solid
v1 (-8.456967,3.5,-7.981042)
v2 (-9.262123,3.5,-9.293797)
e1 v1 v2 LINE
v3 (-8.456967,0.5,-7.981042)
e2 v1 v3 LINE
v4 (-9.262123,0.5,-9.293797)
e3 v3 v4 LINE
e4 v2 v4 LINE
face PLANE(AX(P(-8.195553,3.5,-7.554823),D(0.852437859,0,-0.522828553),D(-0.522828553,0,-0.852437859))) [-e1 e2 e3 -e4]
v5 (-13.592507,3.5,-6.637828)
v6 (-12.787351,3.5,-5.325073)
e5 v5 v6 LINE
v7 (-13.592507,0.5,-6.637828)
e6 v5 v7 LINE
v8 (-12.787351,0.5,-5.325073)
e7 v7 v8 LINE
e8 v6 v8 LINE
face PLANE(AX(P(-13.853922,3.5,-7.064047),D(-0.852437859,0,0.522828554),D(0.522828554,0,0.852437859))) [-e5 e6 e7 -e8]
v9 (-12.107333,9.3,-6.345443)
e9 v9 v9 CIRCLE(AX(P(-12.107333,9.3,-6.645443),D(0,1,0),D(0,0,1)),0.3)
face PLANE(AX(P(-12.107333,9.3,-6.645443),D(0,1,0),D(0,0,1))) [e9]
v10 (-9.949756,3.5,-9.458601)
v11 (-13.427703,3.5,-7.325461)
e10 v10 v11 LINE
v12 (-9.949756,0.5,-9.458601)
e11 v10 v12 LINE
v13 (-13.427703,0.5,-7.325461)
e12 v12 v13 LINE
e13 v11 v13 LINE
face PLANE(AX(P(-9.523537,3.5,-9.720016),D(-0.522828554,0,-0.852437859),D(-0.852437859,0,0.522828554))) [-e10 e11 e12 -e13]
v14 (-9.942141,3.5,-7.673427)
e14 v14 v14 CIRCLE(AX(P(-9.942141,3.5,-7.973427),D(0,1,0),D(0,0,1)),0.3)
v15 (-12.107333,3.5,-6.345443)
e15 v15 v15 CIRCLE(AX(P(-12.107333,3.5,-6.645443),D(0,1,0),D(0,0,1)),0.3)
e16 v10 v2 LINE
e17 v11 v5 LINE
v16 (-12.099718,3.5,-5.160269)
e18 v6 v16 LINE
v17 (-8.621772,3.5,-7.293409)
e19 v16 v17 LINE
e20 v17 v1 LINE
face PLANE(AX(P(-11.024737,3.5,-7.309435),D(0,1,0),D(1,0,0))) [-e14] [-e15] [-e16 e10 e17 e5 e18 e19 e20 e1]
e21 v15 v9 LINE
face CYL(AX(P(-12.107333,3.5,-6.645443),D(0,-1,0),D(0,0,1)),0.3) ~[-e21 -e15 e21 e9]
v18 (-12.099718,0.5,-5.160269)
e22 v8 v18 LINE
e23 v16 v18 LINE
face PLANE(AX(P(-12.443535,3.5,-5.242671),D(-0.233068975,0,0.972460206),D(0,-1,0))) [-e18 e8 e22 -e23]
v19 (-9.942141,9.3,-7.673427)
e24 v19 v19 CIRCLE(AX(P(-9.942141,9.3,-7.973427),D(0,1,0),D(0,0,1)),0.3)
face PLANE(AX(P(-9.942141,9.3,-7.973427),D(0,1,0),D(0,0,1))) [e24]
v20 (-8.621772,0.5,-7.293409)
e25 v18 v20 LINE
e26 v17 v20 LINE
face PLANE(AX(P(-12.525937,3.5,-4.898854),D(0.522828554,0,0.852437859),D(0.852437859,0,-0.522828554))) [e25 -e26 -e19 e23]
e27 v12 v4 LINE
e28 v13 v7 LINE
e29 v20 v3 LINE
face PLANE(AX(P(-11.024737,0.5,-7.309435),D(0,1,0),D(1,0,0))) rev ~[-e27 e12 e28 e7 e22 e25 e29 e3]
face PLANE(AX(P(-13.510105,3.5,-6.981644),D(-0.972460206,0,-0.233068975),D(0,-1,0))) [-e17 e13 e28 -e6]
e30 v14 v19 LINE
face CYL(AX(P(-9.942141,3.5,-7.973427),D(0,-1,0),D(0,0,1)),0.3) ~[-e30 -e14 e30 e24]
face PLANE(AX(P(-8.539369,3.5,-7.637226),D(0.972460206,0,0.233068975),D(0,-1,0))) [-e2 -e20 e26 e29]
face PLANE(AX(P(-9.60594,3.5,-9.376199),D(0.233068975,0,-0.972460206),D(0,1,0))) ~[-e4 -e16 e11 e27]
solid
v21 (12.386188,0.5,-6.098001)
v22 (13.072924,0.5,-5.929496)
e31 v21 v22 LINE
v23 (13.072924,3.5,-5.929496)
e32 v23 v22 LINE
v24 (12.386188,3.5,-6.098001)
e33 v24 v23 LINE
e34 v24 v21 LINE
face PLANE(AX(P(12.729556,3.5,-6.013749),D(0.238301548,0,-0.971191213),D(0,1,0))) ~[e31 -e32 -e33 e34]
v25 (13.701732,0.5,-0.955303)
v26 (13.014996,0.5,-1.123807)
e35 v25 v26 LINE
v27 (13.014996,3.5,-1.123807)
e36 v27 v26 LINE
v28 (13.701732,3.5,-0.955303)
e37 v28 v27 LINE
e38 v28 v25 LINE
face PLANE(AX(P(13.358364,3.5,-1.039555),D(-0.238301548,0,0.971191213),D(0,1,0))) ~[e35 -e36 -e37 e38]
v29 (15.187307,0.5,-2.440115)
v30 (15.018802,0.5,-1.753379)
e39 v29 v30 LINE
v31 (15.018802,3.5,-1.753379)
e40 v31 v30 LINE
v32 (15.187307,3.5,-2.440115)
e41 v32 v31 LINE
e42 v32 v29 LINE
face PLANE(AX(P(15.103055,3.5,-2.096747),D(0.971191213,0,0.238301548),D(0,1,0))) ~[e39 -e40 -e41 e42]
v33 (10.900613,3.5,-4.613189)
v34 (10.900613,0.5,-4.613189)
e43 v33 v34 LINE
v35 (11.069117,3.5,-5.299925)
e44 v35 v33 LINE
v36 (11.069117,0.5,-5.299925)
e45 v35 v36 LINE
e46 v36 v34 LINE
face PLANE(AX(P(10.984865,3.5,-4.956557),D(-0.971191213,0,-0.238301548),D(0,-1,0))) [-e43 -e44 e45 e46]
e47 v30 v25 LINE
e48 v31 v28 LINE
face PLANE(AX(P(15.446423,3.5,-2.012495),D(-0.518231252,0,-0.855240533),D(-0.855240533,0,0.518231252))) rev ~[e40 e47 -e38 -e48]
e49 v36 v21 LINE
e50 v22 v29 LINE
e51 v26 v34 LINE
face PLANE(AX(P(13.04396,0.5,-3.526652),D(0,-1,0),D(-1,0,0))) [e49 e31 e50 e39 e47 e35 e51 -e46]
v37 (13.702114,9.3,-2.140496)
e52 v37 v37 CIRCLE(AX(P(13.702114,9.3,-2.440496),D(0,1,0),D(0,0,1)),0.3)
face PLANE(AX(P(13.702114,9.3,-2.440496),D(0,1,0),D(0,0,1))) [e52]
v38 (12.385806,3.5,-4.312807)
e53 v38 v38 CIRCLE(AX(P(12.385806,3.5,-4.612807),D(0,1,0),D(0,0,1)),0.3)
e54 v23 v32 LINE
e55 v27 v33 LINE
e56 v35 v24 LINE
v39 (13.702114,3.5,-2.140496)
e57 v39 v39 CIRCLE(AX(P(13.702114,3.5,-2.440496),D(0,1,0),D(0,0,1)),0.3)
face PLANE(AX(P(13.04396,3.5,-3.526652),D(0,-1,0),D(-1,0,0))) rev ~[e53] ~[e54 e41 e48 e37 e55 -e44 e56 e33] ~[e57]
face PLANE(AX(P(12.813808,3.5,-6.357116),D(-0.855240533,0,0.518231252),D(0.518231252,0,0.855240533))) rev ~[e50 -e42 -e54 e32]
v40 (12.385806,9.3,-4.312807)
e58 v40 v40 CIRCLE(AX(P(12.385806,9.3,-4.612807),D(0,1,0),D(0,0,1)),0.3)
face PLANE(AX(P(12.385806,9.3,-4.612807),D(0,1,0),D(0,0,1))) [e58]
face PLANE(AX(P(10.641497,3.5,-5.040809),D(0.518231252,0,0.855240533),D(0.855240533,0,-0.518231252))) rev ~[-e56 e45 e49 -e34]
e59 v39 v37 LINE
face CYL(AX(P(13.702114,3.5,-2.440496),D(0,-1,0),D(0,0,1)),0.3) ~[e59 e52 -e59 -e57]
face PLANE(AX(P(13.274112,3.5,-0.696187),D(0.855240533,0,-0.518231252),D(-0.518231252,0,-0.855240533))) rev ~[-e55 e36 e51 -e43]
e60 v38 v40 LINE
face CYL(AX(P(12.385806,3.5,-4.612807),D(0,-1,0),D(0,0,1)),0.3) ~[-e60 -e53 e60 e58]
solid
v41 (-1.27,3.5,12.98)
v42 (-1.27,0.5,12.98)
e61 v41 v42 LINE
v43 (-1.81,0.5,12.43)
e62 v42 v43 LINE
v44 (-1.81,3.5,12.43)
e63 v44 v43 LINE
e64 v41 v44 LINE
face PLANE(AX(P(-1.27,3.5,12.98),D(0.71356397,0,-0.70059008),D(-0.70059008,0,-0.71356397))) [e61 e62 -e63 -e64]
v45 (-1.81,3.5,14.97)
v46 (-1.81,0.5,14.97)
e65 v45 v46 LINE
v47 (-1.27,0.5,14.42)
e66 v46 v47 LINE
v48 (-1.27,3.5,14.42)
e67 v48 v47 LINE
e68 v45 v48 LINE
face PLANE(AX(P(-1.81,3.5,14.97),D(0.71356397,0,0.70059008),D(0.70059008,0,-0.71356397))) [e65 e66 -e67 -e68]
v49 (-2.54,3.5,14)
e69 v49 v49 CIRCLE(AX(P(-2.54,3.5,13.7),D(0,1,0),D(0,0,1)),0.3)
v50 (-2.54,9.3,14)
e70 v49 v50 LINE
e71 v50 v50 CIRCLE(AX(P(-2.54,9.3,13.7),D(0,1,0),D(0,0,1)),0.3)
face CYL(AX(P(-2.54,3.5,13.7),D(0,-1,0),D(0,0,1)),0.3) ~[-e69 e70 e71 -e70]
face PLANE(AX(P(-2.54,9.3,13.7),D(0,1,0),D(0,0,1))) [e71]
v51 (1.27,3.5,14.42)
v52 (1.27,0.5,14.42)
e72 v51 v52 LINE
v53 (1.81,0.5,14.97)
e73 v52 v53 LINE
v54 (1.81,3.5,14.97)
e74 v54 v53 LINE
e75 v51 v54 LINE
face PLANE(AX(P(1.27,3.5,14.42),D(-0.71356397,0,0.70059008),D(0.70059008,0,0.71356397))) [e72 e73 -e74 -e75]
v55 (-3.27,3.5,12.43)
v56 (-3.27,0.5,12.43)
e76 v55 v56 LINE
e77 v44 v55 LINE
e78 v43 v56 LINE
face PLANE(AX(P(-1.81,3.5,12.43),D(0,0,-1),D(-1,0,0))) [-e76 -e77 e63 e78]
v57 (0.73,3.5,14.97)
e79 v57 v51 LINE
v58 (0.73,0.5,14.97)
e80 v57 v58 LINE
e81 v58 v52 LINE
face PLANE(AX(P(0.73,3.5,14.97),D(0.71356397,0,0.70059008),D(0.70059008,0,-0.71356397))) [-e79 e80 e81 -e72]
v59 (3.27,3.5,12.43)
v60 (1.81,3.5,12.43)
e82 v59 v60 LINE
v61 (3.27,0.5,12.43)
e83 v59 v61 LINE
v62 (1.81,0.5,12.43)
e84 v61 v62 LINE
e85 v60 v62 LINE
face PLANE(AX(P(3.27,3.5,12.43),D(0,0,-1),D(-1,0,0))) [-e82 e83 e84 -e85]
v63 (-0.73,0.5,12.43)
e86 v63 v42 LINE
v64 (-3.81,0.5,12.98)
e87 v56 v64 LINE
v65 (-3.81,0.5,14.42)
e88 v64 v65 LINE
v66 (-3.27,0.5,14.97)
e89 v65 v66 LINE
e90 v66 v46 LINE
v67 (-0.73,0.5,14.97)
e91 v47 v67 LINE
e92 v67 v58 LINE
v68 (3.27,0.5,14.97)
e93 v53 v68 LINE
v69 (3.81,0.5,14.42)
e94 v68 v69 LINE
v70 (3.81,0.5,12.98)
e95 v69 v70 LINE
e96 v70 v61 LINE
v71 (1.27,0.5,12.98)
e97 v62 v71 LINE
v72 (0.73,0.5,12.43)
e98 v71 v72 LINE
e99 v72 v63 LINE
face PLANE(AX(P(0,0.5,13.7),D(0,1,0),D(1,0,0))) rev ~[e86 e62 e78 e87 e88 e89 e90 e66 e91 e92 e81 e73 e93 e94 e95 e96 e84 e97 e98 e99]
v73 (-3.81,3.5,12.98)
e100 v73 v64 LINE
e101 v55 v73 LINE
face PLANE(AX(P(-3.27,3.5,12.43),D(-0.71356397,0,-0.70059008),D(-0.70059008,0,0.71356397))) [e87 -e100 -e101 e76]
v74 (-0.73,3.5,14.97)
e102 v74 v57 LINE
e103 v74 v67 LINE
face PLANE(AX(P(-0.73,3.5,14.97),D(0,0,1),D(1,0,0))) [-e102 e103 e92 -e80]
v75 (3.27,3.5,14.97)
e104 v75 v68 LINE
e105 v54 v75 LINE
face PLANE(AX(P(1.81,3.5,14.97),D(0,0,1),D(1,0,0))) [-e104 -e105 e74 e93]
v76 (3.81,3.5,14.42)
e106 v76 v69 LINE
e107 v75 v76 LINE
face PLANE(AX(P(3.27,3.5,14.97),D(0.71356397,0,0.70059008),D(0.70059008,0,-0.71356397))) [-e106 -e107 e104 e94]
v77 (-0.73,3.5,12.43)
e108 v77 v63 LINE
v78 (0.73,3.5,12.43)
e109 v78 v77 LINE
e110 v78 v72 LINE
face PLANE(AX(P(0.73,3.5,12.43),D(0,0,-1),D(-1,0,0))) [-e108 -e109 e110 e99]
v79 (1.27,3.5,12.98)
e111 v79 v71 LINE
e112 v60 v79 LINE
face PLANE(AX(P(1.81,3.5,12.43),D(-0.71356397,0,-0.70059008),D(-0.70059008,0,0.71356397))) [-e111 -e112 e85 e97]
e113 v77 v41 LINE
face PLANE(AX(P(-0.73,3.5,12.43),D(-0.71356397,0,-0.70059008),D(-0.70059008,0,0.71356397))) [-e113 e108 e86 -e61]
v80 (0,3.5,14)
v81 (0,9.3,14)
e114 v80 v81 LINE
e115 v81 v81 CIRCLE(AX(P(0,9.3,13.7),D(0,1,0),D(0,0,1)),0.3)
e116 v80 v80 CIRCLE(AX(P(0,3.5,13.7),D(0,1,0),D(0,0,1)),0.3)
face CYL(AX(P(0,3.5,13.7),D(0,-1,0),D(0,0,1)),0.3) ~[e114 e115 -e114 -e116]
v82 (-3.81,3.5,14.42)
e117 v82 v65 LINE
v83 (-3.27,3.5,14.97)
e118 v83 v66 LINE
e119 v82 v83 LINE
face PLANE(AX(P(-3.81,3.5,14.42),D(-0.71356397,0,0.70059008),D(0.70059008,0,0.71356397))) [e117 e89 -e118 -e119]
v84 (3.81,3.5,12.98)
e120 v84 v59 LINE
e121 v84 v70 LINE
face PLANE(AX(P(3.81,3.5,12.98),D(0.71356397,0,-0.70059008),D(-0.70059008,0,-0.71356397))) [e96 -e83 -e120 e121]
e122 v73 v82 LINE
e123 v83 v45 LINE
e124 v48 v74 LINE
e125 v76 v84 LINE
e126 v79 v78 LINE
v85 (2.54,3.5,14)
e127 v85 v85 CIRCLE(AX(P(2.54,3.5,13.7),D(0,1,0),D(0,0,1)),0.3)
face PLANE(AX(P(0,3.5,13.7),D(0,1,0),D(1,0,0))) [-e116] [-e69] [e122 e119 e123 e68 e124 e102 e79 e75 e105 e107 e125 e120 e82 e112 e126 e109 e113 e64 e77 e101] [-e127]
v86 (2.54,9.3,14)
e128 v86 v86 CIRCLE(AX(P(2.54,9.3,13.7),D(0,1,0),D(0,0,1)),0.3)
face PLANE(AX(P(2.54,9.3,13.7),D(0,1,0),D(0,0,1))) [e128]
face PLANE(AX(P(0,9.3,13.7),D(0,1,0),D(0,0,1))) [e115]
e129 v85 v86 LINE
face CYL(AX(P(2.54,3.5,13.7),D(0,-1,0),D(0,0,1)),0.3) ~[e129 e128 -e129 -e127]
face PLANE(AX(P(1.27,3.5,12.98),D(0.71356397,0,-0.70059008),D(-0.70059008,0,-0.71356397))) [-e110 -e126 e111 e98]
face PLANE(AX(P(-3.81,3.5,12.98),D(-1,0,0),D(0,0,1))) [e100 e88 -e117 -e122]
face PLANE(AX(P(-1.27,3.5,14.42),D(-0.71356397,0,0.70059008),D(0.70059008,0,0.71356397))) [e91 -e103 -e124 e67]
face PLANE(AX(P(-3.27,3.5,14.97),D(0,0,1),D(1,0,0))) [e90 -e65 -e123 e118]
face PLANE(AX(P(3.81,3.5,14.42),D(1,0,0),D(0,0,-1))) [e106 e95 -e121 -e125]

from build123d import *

# Parameters (mm, degrees)
EXTRUDE_1_DEPTH   = 3
EXTRUDE_1_2_DEPTH = 3
EXTRUDE_1_3_DEPTH = 3
CHAMFER_1_SIZE    = 0.5
CHAMFER_2_SIZE    = 0.5
SKETCH_2_R        = 0.3
EXTRUDE_2_DEPTH   = 5.8


with BuildPart() as part:
    # 草图1 → 凸台-拉伸1 (new body)
    with BuildSketch(Plane(origin=(0, 3.5, 0), x_dir=(1, 0, 0), z_dir=(0, 1, 0))):
        Polygon((-3.81, -14.42), (-3.27, -14.97), (-1.81, -14.97), (-1.27, -14.42), (-0.73, -14.97), (0.73, -14.97), (1.27, -14.42), (1.81, -14.97), (3.27, -14.97), (3.81, -14.42), (3.81, -12.98), (3.27, -12.43), (1.81, -12.43), (1.27, -12.98), (0.73, -12.43), (-0.73, -12.43), (-1.27, -12.98), (-1.81, -12.43), (-3.27, -12.43), (-3.81, -12.98), align=None)
    extrude(amount=-EXTRUDE_1_DEPTH)



with BuildPart() as body_2:
    # 草图1 → Extrude 1 2 (new body)
    with BuildSketch(Plane(origin=(0, 3.5, 0), x_dir=(1, 0, 0), z_dir=(0, 1, 0))):
        Polygon((-9.52353721, 9.720015629), (-13.853921534, 7.064046576), (-12.525937008, 4.898854414), (-8.195552684, 7.554823466), align=None)
    extrude(amount=-EXTRUDE_1_2_DEPTH)

    # 倒角1
    chamfer_1_edges = [body_2.edges().sort_by_distance(p)[0] for p in [
        (-13.853921534, 2, -7.064046576),
        (-12.525937008, 2, -4.898854414),
        (-8.195552684, 2, -7.554823466),
        (-9.52353721, 2, -9.720015629),
    ]]
    chamfer(chamfer_1_edges, length=CHAMFER_1_SIZE)


with BuildPart() as body_3:
    # 草图1 → Extrude 1 3 (new body)
    with BuildSketch(Plane(origin=(0, 3.5, 0), x_dir=(1, 0, 0), z_dir=(0, 1, 0))):
        Polygon((10.641496985, 5.04080908), (12.813807939, 6.357116461), (15.446422701, 2.012494554), (13.274111747, 0.696187173), align=None)
    extrude(amount=-EXTRUDE_1_3_DEPTH)

    # 倒角2
    chamfer_2_edges = [body_3.edges().sort_by_distance(p)[0] for p in [
        (10.641496985, 2, -5.04080908),
        (13.274111747, 2, -0.696187173),
        (15.446422701, 2, -2.012494554),
        (12.813807939, 2, -6.357116461),
    ]]
    chamfer(chamfer_2_edges, length=CHAMFER_2_SIZE)


with BuildPart() as part_1:
    add(part.part)

    add(body_2.part)  # 凸台-拉伸2 merges body 2

    add(body_3.part)  # 凸台-拉伸2 merges body 3
    # 草图2 → 凸台-拉伸2 (add)
    with BuildSketch(Plane(origin=(0, 3.5, 0), x_dir=(1, 0, 0), z_dir=(0, 1, 0))):
        with Locations(Location((-12.10733319, 6.645442758, 0), (0, 0, 270))):
            Circle(SKETCH_2_R)
        with Locations(Location((-9.942141028, 7.973427284, 0), (0, 0, 270))):
            Circle(SKETCH_2_R)
        with Locations(Location((12.385806153, 4.612807294, 0), (0, 0, 270))):
            Circle(SKETCH_2_R)
        with Locations(Location((13.702113533, 2.44049634, 0), (0, 0, 270))):
            Circle(SKETCH_2_R)
        with Locations(Location((0, -13.7, 0), (0, 0, 270))):
            Circle(SKETCH_2_R)
        with Locations(Location((-2.54, -13.7, 0), (0, 0, 270))):
            Circle(SKETCH_2_R)
        with Locations(Location((2.54, -13.7, 0), (0, 0, 270))):
            Circle(SKETCH_2_R)
    extrude(amount=EXTRUDE_2_DEPTH)


solid = part_1.part
